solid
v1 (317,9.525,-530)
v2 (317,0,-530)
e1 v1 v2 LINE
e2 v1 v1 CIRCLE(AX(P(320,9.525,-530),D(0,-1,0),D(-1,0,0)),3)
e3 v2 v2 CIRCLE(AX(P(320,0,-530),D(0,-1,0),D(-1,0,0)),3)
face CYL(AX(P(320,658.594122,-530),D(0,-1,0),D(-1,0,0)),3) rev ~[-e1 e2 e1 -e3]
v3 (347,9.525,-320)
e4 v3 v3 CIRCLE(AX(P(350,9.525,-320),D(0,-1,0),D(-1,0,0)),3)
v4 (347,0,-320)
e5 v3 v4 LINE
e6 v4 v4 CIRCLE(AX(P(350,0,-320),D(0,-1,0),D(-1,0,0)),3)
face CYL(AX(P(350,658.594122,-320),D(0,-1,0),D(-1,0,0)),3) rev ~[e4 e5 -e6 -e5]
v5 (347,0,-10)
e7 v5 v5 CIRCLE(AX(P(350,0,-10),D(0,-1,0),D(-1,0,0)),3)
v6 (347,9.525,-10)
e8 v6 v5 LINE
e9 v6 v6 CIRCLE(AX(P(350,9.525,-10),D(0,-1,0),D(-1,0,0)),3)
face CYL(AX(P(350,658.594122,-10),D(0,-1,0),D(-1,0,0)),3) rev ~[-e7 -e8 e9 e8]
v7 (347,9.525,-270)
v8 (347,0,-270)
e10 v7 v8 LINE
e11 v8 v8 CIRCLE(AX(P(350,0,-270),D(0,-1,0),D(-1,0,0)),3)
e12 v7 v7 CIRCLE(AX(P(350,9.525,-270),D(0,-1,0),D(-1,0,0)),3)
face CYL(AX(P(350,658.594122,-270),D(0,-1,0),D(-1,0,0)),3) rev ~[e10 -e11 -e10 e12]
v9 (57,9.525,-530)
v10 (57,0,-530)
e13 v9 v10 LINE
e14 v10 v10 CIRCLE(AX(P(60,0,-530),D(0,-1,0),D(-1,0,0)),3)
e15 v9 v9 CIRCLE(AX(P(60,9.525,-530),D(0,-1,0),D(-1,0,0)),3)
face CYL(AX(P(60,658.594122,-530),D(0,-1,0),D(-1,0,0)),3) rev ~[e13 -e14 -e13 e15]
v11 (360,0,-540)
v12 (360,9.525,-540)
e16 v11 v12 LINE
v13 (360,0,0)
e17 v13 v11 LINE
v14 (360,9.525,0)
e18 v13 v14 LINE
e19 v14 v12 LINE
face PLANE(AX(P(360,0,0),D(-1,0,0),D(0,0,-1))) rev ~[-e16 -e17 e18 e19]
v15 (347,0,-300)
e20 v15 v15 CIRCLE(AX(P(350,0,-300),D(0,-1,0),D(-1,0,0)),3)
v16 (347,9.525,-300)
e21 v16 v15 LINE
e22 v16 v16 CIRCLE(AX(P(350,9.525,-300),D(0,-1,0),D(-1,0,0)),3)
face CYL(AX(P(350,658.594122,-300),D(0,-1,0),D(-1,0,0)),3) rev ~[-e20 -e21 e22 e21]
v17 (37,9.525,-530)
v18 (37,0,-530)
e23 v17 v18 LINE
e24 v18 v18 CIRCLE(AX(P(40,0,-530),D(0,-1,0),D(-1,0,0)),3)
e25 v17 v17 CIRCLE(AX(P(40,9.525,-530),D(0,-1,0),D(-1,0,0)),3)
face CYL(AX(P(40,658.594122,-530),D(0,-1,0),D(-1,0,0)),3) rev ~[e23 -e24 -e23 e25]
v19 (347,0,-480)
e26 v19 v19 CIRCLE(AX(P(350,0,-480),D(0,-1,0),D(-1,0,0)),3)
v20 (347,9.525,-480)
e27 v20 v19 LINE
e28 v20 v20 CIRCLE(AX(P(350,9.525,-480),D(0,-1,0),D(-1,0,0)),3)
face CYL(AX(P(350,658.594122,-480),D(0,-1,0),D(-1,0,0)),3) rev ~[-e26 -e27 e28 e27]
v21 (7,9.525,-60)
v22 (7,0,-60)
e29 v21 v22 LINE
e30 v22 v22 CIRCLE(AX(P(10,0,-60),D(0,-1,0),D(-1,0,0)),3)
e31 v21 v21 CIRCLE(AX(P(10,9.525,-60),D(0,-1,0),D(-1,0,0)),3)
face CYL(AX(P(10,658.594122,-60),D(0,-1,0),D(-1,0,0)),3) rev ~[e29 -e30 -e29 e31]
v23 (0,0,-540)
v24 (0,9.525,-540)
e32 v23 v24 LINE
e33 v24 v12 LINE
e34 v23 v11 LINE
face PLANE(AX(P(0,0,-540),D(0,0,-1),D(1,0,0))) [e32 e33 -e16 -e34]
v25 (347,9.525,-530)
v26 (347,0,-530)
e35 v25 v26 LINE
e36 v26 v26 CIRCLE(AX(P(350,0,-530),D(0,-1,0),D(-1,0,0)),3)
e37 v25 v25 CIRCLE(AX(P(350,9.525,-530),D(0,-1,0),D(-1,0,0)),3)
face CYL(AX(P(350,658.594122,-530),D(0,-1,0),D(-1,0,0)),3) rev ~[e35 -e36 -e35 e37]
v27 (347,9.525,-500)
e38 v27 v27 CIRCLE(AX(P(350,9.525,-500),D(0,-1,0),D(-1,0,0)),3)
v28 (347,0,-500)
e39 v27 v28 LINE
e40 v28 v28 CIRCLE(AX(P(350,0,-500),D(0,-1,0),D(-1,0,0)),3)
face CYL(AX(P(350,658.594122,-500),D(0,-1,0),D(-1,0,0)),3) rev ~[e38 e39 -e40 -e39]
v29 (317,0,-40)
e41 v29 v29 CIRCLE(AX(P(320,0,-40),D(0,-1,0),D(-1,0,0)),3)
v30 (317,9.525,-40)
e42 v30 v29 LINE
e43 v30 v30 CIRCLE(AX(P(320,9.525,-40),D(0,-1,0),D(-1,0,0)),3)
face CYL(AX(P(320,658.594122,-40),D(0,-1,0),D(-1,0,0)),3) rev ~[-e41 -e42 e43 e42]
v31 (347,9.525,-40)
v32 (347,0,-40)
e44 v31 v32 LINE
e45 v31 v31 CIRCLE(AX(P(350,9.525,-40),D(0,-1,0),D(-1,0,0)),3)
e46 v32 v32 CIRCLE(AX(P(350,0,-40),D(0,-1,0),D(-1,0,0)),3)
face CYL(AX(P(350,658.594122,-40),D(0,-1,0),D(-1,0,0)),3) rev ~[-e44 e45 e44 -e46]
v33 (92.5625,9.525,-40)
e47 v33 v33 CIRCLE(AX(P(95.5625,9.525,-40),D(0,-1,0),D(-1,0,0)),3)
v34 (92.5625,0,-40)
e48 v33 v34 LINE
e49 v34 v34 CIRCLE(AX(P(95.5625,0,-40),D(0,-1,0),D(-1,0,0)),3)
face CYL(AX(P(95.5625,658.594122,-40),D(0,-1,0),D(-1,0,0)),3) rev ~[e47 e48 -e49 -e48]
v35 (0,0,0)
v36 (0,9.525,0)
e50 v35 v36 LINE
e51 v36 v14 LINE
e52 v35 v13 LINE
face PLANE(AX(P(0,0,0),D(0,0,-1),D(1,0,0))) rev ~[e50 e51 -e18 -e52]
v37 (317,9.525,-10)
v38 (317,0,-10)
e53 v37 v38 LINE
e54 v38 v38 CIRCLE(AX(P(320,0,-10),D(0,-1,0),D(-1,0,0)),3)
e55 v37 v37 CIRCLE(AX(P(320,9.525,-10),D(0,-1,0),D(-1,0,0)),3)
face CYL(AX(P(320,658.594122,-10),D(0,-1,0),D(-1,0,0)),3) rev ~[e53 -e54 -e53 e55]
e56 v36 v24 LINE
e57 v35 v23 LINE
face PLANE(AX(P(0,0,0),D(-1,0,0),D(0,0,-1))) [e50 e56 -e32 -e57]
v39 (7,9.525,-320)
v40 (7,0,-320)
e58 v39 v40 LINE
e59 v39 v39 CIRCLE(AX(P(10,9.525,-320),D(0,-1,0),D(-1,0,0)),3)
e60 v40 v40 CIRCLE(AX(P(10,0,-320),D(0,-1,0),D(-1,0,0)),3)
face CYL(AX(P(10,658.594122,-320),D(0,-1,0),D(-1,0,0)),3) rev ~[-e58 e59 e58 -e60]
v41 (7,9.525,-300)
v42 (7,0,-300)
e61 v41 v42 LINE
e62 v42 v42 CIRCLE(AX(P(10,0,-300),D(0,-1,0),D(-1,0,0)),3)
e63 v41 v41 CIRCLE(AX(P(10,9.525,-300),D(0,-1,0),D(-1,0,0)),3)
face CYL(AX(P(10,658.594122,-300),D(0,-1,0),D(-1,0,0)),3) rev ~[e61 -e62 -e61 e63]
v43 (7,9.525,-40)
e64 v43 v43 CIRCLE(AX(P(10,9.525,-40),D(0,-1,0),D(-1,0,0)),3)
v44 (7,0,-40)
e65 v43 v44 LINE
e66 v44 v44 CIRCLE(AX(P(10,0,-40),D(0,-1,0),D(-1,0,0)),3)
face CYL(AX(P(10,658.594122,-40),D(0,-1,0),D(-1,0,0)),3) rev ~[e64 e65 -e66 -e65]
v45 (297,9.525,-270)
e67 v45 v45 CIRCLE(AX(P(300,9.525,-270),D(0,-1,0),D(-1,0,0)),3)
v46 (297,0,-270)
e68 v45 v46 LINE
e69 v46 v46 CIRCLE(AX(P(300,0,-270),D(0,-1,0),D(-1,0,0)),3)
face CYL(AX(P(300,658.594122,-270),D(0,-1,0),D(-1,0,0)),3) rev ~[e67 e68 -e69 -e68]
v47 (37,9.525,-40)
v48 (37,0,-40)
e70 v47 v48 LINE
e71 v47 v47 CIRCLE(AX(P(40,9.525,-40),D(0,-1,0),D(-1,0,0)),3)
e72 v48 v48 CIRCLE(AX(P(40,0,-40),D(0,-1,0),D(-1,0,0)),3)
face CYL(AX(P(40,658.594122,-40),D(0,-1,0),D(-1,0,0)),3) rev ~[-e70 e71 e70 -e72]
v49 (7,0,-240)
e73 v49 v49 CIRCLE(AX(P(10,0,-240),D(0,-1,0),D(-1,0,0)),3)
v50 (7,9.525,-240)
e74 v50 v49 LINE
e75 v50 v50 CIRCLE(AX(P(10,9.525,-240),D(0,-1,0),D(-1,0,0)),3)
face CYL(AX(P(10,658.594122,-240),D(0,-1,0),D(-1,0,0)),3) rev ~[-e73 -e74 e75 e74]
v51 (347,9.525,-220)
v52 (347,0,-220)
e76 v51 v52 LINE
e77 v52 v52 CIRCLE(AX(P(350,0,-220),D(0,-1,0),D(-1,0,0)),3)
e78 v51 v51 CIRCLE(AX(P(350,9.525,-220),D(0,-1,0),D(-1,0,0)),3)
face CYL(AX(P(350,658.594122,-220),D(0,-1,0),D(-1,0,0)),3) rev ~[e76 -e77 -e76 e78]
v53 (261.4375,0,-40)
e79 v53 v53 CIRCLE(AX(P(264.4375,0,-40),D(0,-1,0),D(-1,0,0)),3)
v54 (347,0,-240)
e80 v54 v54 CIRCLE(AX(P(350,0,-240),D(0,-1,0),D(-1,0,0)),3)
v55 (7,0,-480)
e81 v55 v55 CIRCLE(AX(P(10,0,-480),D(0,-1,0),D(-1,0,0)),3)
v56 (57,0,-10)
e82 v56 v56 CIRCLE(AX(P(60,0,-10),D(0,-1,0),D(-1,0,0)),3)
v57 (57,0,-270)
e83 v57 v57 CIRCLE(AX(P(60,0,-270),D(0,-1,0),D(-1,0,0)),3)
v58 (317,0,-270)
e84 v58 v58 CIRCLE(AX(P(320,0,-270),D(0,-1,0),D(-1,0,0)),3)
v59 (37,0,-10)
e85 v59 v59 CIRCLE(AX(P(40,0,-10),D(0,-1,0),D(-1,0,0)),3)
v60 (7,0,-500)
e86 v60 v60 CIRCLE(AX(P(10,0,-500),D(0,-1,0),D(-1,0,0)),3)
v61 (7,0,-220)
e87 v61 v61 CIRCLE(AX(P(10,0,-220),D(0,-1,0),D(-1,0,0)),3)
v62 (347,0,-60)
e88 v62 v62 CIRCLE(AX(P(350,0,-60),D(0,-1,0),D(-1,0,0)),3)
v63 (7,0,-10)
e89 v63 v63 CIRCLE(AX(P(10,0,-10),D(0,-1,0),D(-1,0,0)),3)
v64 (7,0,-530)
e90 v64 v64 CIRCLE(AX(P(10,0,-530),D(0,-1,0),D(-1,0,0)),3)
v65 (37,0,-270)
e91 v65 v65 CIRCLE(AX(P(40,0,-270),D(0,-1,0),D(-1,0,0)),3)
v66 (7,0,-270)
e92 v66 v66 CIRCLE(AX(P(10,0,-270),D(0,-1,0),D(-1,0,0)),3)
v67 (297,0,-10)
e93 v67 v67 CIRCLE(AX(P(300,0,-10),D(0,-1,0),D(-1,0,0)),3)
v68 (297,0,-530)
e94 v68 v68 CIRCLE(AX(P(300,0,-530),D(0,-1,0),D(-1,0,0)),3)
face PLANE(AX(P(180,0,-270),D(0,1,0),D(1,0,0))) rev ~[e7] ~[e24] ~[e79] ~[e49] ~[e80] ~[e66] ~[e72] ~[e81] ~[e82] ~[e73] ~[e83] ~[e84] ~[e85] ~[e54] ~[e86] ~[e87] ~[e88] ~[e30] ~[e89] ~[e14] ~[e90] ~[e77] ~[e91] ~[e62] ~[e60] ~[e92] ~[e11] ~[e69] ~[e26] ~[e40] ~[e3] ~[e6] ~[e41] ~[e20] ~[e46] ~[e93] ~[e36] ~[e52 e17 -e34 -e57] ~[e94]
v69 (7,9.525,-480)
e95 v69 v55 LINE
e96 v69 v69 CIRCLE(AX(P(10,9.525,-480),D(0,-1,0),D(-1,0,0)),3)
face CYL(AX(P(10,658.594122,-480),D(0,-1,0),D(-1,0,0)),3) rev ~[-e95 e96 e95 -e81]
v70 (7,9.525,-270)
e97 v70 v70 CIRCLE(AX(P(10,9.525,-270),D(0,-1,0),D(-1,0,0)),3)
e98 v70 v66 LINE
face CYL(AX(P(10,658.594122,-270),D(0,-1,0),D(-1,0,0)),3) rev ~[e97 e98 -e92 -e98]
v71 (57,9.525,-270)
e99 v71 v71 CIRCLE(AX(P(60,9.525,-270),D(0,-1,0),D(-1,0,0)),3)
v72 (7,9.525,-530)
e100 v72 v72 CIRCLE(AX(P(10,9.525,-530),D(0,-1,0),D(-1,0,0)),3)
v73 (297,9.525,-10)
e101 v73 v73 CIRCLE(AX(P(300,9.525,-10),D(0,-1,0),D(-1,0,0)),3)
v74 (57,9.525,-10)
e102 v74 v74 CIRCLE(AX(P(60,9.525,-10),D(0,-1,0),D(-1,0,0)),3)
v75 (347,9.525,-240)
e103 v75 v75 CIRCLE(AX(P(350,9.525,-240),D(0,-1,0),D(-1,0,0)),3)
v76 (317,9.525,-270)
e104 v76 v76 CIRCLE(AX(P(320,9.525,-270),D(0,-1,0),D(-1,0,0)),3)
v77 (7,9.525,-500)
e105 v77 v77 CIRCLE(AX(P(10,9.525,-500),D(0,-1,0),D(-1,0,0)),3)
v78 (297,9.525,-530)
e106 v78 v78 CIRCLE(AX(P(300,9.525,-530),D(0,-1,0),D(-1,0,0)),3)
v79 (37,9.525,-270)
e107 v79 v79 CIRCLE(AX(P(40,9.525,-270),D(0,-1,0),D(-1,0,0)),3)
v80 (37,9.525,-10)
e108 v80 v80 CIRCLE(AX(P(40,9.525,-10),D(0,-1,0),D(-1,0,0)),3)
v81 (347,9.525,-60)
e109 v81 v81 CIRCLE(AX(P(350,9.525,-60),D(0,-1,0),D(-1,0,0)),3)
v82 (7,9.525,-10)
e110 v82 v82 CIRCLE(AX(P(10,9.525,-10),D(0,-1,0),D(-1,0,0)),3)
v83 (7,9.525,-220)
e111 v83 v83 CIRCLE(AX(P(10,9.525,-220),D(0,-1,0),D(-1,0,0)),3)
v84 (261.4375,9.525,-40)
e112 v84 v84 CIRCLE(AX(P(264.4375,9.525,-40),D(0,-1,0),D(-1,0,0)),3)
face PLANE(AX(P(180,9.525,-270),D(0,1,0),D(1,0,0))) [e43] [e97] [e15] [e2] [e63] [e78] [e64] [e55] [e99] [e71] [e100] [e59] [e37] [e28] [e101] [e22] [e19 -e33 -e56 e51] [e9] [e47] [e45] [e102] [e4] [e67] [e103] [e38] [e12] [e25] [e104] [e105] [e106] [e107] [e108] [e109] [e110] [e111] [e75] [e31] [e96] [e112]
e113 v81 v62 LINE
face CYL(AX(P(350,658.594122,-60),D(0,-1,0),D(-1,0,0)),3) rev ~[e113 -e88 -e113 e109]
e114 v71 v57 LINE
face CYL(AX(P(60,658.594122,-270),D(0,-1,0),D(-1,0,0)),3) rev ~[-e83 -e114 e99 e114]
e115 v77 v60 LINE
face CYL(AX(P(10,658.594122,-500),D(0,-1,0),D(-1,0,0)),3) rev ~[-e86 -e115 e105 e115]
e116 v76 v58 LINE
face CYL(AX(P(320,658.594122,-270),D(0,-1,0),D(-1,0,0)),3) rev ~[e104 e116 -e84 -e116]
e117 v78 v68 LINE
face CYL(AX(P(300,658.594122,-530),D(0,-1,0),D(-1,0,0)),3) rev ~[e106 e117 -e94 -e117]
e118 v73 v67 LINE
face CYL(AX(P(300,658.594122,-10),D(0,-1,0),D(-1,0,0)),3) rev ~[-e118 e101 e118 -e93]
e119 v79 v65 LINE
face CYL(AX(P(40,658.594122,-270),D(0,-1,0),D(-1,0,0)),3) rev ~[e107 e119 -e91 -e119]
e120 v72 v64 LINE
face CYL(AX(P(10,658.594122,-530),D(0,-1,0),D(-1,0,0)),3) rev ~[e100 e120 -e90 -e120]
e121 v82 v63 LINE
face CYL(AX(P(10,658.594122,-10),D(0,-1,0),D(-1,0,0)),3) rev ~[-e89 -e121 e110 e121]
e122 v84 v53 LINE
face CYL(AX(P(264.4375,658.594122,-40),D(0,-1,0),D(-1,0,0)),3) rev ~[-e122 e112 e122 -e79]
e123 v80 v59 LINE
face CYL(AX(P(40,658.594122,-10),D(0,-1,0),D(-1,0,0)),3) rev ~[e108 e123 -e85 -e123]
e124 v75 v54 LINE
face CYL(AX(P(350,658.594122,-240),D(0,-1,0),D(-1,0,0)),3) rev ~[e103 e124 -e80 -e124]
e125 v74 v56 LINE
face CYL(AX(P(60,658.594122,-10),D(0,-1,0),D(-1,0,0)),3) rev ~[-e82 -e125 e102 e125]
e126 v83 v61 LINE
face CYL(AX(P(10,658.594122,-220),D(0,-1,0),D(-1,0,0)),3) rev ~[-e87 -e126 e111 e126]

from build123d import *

# Parameters (mm, degrees)
SKETCH1_W             = 360
SKETCH1_H             = 540
BOSS_EXTRUDE1_DEPTH   = 9.525
F_6_0MM_DOWEL_HOLE3_D = 6
F_6_0MM_DOWEL_HOLE2_D = 6
F_6_0MM_DOWEL_HOLE1_D = 6


with BuildPart() as part:
    # Sketch1 → Boss-Extrude1 (new body)
    with BuildSketch(Plane(origin=(0, 0, 0), x_dir=(1, 0, 0), z_dir=(0, 1, 0))):
        with Locations((180, 270)):
            Rectangle(SKETCH1_W, SKETCH1_H)
    extrude(amount=BOSS_EXTRUDE1_DEPTH)

    # Ø6.0mm Dowel Hole3 (through all)
    with Locations(Plane(origin=(0, 9.525, 0), x_dir=(1, 0, 0), z_dir=(0, 1, 0))):
        with Locations((40, 40), (95.5625, 40), (264.4375, 40), (320, 40)):
            Hole(F_6_0MM_DOWEL_HOLE3_D / 2)

    # Ø6.0mm Dowel Hole2 (through all)
    with Locations(Plane(origin=(0, 9.525, 0), x_dir=(1, 0, 0), z_dir=(0, 1, 0))):
        with Locations((40, 10), (10, 40), (320, 10), (350, 40), (10, 240), (40, 270), (10, 300), (350, 240), (320, 270), (350, 300), (10, 500), (40, 530), (320, 530), (350, 500), (10, 480), (60, 530), (300, 530), (350, 480), (350, 320), (300, 270), (350, 220), (10, 220), (60, 270), (10, 320), (10, 60), (60, 10), (300, 10), (350, 60)):
            Hole(F_6_0MM_DOWEL_HOLE2_D / 2)

    # Ø6.0mm Dowel Hole1 (through all)
    with Locations(Plane(origin=(0, 9.525, 0), x_dir=(1, 0, 0), z_dir=(0, 1, 0))):
        with Locations((10, 10), (350, 10), (350, 530), (10, 530), (10, 270), (350, 270)):
            Hole(F_6_0MM_DOWEL_HOLE1_D / 2)


solid = part.part
